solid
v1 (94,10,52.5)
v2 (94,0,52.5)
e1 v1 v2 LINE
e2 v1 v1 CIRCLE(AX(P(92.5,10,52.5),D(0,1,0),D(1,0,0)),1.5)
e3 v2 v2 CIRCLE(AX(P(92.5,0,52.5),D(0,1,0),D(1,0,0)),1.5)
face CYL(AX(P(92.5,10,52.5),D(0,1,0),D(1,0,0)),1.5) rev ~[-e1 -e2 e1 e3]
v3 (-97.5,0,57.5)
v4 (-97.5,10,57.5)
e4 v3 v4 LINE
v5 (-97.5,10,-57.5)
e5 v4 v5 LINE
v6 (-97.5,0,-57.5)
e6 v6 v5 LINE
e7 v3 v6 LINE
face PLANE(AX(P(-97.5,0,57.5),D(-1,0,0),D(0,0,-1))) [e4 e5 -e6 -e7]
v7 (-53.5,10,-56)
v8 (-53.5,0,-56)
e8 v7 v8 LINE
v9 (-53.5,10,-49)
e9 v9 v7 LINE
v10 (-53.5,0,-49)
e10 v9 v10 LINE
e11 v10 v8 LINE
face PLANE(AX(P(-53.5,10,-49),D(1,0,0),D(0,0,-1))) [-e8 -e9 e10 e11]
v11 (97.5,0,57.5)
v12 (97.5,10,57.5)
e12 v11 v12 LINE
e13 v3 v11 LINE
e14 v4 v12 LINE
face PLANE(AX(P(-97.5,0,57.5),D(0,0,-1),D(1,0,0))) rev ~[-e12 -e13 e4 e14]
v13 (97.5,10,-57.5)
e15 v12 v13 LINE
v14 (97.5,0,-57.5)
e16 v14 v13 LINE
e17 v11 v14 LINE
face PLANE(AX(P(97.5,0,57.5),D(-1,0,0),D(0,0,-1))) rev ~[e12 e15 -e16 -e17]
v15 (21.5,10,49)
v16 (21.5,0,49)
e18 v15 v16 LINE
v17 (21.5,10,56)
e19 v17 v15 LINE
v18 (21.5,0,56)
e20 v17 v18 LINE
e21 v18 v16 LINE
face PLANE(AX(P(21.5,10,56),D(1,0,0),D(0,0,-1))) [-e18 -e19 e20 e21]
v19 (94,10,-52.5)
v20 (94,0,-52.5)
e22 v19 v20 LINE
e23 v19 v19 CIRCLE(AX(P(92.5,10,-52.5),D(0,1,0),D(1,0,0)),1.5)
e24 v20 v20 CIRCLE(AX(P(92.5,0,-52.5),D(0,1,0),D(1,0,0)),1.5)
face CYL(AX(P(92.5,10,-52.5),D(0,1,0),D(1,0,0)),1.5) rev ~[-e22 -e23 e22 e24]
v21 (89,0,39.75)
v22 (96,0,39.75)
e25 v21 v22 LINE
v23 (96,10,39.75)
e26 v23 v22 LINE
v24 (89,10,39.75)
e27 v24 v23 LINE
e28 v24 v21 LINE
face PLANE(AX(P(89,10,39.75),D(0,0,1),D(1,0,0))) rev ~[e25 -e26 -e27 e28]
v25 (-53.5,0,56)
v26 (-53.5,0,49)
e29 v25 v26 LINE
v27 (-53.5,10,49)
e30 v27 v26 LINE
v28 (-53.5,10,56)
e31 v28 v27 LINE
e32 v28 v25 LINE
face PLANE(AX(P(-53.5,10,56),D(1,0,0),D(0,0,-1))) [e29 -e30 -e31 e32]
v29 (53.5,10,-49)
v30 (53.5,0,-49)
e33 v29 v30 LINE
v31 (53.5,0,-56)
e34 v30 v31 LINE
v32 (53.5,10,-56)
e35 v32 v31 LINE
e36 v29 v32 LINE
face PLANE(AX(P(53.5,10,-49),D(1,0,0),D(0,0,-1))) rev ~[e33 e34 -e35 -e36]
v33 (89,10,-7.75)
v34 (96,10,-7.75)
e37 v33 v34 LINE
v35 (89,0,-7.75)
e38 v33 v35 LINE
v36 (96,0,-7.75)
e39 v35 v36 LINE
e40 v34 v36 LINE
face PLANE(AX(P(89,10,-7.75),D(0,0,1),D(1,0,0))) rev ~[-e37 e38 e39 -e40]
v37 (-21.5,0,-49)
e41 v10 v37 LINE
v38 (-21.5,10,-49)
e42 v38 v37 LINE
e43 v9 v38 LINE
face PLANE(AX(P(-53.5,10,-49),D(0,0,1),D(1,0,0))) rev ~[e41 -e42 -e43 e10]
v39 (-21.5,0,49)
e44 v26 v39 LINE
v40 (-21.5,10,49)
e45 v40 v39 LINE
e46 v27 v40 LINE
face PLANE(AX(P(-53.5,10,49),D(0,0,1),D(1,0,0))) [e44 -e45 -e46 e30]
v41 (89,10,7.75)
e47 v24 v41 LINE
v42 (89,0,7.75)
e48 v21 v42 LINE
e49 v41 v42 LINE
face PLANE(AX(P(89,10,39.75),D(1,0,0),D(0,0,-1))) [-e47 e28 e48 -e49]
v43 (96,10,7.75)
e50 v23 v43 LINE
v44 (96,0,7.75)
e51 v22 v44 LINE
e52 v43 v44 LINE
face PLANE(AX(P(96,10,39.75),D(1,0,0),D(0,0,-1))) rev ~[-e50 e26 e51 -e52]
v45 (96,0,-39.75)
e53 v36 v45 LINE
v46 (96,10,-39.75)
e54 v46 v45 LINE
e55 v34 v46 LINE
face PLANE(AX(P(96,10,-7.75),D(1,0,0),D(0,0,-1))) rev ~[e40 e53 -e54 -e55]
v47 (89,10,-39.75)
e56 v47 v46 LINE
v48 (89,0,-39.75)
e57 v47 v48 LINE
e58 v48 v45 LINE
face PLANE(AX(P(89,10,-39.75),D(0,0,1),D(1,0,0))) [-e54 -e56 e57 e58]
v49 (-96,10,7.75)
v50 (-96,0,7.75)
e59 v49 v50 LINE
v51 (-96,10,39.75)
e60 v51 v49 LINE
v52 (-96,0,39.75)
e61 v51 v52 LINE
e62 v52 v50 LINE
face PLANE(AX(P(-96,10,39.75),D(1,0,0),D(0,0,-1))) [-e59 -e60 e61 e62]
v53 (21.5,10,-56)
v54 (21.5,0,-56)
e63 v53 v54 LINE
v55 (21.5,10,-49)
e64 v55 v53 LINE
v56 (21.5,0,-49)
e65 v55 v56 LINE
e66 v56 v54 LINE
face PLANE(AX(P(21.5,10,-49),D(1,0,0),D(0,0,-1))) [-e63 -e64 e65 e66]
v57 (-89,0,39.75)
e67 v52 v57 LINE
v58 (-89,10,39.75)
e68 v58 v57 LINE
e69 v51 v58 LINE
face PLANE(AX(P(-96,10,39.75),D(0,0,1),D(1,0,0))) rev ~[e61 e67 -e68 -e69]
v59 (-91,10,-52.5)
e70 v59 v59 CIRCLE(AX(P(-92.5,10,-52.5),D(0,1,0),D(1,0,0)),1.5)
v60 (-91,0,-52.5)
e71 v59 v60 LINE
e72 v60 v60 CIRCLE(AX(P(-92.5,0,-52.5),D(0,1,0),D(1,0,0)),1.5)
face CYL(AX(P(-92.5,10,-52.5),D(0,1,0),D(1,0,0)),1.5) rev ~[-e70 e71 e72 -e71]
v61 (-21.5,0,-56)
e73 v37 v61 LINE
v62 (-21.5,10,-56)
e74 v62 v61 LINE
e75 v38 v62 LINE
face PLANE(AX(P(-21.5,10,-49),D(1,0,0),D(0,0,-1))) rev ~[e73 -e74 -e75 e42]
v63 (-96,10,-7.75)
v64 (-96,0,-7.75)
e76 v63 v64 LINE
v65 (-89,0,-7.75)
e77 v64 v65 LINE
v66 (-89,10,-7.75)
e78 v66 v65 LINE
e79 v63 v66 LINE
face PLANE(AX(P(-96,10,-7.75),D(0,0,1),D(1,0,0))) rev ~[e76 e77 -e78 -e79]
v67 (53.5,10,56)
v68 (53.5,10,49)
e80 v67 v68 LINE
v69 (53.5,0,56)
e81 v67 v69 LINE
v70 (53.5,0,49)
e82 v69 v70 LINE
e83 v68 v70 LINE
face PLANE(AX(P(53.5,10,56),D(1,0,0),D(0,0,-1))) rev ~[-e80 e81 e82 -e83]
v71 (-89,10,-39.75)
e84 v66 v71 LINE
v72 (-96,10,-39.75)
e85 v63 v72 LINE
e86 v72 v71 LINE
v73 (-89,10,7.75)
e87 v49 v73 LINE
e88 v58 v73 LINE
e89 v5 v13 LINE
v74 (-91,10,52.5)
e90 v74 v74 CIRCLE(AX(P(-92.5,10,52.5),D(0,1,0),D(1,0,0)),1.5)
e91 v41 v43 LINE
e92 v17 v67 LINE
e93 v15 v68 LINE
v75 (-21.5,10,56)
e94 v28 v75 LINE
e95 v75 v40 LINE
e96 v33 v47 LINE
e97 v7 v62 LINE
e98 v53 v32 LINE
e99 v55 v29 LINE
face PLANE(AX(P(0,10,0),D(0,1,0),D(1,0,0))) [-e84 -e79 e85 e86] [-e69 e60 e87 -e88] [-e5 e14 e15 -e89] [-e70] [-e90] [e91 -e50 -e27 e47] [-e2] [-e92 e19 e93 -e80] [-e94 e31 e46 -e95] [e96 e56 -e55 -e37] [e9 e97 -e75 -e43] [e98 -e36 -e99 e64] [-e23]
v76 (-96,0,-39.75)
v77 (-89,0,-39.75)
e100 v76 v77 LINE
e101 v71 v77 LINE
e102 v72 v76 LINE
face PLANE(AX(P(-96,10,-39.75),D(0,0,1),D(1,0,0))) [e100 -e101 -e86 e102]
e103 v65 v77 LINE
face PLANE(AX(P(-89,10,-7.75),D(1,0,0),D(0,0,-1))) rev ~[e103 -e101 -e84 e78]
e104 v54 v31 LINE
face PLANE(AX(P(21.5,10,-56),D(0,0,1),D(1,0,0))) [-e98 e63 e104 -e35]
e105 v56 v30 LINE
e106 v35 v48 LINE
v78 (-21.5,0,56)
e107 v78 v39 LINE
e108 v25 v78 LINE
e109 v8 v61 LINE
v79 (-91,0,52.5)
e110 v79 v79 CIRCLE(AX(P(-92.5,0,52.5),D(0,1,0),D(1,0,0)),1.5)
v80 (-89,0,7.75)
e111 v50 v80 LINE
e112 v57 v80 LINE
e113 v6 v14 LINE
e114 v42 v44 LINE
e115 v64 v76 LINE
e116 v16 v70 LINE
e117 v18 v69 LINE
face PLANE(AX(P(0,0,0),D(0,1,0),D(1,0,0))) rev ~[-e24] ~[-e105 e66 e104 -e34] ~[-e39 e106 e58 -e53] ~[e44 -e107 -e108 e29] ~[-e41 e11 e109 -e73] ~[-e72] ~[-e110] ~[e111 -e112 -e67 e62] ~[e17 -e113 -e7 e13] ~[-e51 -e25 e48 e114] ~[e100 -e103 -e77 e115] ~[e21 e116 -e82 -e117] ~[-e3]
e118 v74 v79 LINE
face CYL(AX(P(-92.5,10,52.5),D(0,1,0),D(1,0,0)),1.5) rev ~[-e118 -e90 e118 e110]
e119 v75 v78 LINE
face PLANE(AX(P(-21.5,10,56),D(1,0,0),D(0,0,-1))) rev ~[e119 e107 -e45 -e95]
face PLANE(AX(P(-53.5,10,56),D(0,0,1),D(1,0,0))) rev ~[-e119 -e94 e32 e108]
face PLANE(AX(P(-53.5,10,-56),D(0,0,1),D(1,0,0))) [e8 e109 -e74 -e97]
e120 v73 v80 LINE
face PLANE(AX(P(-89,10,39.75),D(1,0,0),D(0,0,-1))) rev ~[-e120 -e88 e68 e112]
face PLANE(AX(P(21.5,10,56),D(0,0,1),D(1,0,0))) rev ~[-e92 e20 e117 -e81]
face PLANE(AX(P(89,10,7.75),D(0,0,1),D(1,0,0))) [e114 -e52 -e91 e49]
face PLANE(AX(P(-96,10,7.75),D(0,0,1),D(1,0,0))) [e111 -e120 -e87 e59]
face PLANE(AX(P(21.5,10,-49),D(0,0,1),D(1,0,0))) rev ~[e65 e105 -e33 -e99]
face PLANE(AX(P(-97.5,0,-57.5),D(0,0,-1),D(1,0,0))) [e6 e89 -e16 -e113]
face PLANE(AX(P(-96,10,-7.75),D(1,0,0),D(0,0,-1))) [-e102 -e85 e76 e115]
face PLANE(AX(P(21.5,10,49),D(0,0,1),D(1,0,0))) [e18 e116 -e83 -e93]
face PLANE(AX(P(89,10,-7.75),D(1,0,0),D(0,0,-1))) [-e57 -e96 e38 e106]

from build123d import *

# Parameters (mm, degrees)
ESBO_O1_W                = 195
ESBO_O1_H                = 115
RESSALTO_EXTRUS_O1_DEPTH = 10
ESBO_O2_W                = 32
ESBO_O2_H                = 7
ESBO_O2_W_2              = 7
ESBO_O2_H_2              = 32
CORTE_EXTRUS_O2_DEPTH    = 11
ESBO_O3_R                = 1.5
CORTE_EXTRUS_O3_DEPTH    = 11


with BuildPart() as part:
    # Esboço1 → Ressalto-extrusão1 (new body)
    with BuildSketch(Plane(origin=(0, 0, 0), x_dir=(1, 0, 0), z_dir=(0, 1, 0))):
        Rectangle(ESBO_O1_W, ESBO_O1_H)
    extrude(amount=RESSALTO_EXTRUS_O1_DEPTH)

    # Esboço2 → Corte-extrusão2 (cut, through all)
    with BuildSketch(Plane(origin=(0, 10, 0), x_dir=(1, 0, 0), z_dir=(0, 1, 0))):
        with Locations((-37.5, -52.5)):
            Rectangle(ESBO_O2_W, ESBO_O2_H)
        with Locations((37.5, -52.5)):
            Rectangle(ESBO_O2_W, ESBO_O2_H)
        with Locations((37.5, 52.5)):
            Rectangle(ESBO_O2_W, ESBO_O2_H)
        with Locations((-37.5, 52.5)):
            Rectangle(ESBO_O2_W, ESBO_O2_H)
        with Locations((-92.5, 23.75)):
            Rectangle(ESBO_O2_W_2, ESBO_O2_H_2)
        with Locations((-92.5, -23.75)):
            Rectangle(ESBO_O2_W_2, ESBO_O2_H_2)
        with Locations((92.5, -23.75)):
            Rectangle(ESBO_O2_W_2, ESBO_O2_H_2)
        with Locations((92.5, 23.75)):
            Rectangle(ESBO_O2_W_2, ESBO_O2_H_2)
    extrude(amount=-CORTE_EXTRUS_O2_DEPTH, mode=Mode.SUBTRACT)

    # Esboço3 → Corte-extrusão3 (cut, through all)
    with BuildSketch(Plane(origin=(0, 10, 0), x_dir=(1, 0, 0), z_dir=(0, 1, 0))):
        with Locations((-92.5, 52.5)):
            Circle(ESBO_O3_R)
        with Locations((92.5, 52.5)):
            Circle(ESBO_O3_R)
        with Locations((92.5, -52.5)):
            Circle(ESBO_O3_R)
        with Locations((-92.5, -52.5)):
            Circle(ESBO_O3_R)
    extrude(amount=-CORTE_EXTRUS_O3_DEPTH, mode=Mode.SUBTRACT)


solid = part.part
